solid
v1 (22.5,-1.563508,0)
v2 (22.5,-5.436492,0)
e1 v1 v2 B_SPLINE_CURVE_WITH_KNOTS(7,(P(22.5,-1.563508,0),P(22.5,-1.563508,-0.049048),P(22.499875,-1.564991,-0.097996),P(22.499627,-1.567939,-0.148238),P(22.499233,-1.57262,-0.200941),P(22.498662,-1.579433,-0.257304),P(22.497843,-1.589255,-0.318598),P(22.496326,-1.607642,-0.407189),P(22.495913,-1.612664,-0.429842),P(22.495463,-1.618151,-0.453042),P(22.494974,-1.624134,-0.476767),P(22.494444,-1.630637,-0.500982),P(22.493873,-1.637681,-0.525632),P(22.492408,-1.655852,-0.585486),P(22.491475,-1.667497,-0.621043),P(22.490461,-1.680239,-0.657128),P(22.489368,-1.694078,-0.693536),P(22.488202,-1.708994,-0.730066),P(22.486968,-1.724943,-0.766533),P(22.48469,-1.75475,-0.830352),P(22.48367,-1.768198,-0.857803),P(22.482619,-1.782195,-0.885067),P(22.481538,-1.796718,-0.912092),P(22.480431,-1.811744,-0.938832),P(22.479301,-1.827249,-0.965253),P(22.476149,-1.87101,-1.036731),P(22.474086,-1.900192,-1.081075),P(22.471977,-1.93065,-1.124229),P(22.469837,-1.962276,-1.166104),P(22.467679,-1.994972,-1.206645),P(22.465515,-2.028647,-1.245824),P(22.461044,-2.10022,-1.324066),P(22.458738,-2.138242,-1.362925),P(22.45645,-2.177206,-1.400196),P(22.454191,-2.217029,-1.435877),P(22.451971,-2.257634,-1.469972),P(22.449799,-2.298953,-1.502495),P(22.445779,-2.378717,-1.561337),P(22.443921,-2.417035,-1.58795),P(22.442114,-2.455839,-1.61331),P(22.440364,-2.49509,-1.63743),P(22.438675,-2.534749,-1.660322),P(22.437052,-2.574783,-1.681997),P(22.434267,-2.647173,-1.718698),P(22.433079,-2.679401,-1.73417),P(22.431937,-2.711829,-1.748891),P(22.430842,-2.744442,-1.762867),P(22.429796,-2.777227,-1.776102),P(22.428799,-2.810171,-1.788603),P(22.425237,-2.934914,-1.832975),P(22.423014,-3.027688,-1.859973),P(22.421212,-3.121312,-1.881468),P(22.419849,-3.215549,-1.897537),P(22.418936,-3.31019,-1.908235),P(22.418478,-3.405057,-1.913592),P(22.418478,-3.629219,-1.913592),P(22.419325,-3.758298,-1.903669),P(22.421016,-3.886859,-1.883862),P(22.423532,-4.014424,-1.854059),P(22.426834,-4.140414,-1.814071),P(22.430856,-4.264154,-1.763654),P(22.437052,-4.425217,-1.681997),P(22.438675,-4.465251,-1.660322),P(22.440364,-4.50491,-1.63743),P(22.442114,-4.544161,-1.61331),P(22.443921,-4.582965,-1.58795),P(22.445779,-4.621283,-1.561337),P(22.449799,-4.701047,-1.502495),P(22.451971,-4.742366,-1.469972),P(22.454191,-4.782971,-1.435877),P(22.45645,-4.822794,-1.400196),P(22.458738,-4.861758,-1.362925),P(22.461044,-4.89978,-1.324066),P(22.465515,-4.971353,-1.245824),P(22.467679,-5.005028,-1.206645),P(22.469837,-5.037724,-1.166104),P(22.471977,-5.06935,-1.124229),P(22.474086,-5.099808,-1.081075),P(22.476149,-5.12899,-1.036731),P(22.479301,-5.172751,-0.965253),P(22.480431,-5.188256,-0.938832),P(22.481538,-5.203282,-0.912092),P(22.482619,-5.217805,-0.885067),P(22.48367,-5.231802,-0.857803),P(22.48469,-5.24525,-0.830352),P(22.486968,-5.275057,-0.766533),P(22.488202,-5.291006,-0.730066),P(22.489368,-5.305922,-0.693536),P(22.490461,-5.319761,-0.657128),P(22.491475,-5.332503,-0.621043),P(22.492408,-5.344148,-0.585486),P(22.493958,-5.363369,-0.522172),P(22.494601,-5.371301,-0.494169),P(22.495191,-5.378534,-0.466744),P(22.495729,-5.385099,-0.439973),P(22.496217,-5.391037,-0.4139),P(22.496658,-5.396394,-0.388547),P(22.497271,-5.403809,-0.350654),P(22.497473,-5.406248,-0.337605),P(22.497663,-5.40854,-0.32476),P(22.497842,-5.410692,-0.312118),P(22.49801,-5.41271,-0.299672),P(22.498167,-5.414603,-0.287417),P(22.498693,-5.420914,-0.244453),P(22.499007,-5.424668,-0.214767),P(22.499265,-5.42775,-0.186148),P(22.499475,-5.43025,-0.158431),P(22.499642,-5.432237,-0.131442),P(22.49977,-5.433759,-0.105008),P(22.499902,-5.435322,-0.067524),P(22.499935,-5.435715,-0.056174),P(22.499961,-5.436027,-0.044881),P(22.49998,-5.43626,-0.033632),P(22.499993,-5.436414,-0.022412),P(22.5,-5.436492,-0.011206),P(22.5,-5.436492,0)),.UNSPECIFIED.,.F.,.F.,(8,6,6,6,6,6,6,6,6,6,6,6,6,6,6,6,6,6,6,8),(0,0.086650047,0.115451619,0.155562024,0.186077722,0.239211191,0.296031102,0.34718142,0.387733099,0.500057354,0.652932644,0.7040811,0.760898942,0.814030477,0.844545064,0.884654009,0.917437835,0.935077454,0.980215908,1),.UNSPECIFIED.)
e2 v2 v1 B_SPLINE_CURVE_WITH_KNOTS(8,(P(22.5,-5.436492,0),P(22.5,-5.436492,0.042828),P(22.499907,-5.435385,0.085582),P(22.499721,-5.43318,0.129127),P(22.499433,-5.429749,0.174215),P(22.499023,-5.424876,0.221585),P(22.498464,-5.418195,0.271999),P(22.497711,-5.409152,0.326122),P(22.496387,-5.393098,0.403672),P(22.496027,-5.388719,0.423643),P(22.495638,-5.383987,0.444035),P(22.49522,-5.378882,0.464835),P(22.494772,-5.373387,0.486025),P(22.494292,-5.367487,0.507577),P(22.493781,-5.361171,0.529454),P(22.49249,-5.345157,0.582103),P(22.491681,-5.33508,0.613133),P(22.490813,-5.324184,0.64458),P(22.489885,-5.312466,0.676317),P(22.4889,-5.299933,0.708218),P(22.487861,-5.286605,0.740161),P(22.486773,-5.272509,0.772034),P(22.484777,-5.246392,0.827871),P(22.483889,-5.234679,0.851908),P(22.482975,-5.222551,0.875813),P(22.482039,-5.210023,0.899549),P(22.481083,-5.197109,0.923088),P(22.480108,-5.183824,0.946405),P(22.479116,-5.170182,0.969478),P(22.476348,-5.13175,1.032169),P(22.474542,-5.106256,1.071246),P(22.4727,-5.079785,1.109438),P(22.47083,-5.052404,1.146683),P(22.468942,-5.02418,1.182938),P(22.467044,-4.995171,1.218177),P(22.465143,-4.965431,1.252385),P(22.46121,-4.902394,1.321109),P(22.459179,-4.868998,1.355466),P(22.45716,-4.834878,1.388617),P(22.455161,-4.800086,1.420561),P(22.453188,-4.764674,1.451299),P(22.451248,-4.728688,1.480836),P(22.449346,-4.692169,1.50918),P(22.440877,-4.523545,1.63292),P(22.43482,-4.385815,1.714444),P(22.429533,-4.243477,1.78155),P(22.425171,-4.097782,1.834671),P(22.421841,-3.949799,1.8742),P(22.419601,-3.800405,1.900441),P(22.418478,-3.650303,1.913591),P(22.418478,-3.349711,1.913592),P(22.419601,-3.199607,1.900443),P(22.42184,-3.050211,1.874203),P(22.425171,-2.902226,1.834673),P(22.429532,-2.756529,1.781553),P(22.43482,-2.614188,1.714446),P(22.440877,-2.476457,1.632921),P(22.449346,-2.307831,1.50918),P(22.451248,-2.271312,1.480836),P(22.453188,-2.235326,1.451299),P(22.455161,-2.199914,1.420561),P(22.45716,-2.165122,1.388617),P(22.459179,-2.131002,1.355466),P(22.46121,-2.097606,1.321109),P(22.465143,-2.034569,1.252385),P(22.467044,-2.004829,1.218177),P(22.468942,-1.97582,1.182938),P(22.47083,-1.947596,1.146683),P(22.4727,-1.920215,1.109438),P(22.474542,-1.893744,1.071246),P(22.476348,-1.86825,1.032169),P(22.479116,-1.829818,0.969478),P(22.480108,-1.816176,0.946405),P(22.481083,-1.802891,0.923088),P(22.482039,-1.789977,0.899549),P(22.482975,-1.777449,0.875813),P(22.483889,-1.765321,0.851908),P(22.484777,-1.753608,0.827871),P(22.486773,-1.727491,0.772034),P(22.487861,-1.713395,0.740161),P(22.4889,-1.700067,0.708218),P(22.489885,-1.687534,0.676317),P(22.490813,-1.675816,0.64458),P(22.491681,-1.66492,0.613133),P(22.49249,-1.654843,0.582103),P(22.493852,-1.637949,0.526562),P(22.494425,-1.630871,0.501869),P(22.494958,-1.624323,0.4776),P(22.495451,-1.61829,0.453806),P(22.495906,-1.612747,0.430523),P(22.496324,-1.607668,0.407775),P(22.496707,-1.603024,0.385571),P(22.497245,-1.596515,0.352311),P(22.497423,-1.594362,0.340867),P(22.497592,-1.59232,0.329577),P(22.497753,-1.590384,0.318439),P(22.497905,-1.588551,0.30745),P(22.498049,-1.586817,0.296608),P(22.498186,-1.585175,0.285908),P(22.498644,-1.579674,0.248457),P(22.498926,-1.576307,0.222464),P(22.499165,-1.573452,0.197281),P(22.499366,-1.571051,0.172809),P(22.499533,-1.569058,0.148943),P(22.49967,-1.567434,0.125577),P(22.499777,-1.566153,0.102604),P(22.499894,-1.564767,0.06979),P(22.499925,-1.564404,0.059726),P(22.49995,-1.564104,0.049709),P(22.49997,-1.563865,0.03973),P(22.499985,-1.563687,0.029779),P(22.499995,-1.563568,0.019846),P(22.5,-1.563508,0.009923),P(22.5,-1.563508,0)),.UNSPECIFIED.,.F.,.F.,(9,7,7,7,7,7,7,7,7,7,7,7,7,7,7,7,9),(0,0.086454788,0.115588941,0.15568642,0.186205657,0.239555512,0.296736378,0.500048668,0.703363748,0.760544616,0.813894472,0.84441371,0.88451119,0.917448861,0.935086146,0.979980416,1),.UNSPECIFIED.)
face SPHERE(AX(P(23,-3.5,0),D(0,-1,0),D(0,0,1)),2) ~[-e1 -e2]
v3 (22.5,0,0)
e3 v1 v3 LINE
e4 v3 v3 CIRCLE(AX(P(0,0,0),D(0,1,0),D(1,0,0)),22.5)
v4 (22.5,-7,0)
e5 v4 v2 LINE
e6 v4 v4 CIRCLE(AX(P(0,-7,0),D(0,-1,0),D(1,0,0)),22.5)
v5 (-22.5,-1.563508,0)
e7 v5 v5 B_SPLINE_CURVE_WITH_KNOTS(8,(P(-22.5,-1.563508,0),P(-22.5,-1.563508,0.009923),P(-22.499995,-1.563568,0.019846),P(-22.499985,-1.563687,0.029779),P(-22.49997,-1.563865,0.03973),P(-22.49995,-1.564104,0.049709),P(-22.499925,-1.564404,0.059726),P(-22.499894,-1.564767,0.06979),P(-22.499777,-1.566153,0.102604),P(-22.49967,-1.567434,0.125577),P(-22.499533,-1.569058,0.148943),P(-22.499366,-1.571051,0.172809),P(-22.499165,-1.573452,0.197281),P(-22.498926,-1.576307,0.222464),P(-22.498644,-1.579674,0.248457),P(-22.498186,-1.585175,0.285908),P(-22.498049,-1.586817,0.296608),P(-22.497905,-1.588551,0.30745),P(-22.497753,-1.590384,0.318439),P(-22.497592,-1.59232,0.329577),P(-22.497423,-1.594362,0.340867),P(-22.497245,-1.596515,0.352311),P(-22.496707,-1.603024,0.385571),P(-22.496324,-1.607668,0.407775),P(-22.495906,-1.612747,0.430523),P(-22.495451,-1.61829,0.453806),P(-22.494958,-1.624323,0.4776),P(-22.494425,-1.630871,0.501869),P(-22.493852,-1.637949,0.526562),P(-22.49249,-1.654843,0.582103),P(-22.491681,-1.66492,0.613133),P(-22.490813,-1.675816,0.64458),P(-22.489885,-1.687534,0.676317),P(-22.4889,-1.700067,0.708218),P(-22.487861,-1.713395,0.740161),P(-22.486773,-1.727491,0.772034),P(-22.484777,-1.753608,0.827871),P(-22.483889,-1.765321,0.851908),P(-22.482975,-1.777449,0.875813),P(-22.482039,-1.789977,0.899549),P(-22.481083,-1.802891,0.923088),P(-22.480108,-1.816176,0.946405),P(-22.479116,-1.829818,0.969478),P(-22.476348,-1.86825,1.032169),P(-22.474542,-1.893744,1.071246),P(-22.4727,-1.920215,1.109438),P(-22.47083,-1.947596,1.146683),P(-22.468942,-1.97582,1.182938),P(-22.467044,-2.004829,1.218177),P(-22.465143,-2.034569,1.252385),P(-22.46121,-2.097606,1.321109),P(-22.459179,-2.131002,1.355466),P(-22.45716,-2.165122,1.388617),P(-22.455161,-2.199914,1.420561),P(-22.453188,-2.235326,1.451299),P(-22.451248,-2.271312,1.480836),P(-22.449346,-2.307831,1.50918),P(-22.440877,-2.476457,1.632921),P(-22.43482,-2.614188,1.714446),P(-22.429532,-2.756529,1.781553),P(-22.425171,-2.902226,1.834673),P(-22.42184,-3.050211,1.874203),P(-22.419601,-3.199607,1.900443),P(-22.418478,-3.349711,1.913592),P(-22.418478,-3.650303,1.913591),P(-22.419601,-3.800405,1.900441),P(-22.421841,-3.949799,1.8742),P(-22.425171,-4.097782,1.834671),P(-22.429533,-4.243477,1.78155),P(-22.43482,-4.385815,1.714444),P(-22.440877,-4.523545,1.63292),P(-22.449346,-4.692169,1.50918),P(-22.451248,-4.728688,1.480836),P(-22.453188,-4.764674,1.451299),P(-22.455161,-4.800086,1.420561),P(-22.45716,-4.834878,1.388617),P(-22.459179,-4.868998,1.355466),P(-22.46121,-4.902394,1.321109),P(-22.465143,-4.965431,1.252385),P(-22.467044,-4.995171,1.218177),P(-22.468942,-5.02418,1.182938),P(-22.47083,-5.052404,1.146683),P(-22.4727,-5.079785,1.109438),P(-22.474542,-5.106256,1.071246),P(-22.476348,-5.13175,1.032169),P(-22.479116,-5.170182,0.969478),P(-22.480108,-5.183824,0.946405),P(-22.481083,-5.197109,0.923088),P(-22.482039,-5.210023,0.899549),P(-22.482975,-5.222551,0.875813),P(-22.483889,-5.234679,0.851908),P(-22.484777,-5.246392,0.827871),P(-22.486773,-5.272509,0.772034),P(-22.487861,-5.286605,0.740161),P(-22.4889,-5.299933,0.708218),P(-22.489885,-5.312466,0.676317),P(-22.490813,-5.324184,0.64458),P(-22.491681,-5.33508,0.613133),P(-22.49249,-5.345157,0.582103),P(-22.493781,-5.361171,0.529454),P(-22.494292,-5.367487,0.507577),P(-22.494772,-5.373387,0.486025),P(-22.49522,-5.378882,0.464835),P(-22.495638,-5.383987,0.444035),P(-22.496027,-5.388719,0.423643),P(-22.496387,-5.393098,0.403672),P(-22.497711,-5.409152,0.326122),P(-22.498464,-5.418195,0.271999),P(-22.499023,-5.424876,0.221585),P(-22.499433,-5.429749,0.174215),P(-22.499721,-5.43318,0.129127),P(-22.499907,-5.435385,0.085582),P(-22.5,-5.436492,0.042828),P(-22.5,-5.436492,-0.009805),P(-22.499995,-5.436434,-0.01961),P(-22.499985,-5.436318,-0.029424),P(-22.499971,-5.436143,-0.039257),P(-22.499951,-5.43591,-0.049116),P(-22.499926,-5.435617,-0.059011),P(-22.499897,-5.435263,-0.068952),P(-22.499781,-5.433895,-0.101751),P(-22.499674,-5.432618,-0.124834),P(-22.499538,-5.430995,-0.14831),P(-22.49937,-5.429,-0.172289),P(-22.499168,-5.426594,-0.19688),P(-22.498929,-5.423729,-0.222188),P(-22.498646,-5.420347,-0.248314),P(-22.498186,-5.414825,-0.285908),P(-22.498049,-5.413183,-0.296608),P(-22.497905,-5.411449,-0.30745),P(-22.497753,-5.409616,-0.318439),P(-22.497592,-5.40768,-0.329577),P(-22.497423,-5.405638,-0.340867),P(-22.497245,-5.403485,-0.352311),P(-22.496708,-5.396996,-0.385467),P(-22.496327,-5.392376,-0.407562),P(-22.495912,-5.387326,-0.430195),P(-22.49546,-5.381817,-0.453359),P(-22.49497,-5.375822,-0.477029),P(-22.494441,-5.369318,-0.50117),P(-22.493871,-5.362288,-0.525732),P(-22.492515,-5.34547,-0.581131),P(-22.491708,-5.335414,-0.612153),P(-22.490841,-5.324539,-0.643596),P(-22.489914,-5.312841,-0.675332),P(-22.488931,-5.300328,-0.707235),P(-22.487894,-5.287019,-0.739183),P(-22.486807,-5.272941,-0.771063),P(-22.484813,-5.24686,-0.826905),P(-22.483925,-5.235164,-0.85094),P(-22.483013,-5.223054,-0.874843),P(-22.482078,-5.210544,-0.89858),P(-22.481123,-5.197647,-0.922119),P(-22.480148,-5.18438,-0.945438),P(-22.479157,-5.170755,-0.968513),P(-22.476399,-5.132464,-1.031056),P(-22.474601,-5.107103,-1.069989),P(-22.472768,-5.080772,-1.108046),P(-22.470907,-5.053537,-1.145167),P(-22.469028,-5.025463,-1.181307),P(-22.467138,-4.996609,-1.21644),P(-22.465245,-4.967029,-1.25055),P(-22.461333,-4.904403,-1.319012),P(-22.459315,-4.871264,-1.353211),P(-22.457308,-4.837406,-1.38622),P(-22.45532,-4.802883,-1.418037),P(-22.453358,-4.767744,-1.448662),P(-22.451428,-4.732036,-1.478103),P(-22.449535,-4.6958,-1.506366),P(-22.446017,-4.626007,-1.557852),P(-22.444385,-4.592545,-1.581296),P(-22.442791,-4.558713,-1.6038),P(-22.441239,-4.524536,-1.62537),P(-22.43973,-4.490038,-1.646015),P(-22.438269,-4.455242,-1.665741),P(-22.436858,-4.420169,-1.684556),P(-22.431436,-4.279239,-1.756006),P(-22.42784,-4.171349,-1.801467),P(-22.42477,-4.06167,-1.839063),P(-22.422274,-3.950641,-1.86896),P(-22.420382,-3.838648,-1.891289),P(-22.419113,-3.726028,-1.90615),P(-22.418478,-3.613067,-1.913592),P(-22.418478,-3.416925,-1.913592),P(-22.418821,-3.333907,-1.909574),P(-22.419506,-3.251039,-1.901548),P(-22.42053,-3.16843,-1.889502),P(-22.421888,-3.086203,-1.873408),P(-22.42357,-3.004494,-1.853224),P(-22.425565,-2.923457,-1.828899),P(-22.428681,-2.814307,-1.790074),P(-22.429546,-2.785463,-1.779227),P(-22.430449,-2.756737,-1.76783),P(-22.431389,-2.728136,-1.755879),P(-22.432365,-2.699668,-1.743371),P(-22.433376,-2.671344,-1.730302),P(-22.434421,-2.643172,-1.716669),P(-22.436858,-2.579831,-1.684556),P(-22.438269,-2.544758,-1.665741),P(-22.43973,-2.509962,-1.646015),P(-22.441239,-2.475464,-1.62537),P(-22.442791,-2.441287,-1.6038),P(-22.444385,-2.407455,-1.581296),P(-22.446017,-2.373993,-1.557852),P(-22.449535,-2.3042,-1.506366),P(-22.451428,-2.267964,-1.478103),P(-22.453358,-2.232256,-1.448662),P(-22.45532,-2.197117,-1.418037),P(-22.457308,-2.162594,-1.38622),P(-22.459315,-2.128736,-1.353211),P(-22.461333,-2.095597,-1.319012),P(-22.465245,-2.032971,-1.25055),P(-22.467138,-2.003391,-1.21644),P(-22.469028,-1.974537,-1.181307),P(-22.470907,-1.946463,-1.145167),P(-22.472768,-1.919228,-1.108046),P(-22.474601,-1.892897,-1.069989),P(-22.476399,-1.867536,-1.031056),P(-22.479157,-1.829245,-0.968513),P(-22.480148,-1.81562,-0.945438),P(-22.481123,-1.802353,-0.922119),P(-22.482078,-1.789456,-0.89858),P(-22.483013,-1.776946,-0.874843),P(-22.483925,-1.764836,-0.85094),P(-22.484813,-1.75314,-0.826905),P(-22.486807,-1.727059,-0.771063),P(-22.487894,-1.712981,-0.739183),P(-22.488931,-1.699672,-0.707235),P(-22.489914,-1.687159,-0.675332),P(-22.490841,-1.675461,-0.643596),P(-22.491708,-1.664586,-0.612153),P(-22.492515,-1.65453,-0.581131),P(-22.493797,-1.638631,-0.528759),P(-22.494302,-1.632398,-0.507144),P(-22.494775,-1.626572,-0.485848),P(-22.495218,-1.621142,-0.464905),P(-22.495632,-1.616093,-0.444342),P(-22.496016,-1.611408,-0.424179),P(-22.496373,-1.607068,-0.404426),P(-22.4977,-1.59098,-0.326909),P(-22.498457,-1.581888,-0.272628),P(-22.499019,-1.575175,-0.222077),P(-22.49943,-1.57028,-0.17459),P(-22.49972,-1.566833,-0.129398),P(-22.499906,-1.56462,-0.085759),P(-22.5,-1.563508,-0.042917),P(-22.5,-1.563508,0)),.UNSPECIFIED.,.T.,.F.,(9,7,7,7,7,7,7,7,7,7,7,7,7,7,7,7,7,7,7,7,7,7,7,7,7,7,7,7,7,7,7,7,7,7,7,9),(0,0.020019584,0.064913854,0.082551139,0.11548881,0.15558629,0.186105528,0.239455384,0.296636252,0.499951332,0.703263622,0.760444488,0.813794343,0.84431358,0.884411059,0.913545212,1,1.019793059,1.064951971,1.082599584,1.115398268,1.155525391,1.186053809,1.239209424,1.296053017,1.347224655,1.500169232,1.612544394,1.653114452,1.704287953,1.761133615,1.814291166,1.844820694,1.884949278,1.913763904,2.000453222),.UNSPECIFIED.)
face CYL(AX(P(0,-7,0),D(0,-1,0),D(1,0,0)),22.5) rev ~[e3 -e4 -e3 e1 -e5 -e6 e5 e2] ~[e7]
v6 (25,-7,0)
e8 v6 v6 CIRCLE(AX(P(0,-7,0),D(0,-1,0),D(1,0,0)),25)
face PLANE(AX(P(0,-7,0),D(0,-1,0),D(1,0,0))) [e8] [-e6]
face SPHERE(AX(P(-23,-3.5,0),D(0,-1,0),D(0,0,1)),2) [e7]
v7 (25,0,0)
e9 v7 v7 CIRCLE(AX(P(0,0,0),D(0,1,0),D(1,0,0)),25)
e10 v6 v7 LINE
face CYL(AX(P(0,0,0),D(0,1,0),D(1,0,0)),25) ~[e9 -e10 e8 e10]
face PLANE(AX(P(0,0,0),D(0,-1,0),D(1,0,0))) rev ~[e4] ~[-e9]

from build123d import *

# Parameters (mm, degrees)
F0_R     = 25
F1_DEPTH = 7
F2_R     = 22.5
F3_DEPTH = 25


with BuildPart() as f1:
    # F0 (on Front) → F1 (new body)
    with BuildSketch(Plane.XZ):
        Circle(F0_R)
    extrude(amount=F1_DEPTH)

    # F2 (on face) → F3 (cut)
    with BuildSketch(Plane.XZ.offset(7)):
        Circle(F2_R)
    extrude(amount=-F3_DEPTH, mode=Mode.SUBTRACT)

    # F5 (on offset) → F6 (revolve)
    with BuildSketch(Plane.YZ.offset(23)):
        with BuildLine():
            Line((-5.5, 0), (-1.5, 0))
            ThreePointArc((-1.5, 0), (-3.5, 2), (-5.5, 0))
        make_face()
    revolve(axis=Axis((23, -3.548927, 0), (0, 1, 0)))

    # F7: F1 across plane


with BuildPart() as f1_1:
    add(f1.part)
    add(f1.part.mirror(Plane.YZ))


solid = f1_1.part
